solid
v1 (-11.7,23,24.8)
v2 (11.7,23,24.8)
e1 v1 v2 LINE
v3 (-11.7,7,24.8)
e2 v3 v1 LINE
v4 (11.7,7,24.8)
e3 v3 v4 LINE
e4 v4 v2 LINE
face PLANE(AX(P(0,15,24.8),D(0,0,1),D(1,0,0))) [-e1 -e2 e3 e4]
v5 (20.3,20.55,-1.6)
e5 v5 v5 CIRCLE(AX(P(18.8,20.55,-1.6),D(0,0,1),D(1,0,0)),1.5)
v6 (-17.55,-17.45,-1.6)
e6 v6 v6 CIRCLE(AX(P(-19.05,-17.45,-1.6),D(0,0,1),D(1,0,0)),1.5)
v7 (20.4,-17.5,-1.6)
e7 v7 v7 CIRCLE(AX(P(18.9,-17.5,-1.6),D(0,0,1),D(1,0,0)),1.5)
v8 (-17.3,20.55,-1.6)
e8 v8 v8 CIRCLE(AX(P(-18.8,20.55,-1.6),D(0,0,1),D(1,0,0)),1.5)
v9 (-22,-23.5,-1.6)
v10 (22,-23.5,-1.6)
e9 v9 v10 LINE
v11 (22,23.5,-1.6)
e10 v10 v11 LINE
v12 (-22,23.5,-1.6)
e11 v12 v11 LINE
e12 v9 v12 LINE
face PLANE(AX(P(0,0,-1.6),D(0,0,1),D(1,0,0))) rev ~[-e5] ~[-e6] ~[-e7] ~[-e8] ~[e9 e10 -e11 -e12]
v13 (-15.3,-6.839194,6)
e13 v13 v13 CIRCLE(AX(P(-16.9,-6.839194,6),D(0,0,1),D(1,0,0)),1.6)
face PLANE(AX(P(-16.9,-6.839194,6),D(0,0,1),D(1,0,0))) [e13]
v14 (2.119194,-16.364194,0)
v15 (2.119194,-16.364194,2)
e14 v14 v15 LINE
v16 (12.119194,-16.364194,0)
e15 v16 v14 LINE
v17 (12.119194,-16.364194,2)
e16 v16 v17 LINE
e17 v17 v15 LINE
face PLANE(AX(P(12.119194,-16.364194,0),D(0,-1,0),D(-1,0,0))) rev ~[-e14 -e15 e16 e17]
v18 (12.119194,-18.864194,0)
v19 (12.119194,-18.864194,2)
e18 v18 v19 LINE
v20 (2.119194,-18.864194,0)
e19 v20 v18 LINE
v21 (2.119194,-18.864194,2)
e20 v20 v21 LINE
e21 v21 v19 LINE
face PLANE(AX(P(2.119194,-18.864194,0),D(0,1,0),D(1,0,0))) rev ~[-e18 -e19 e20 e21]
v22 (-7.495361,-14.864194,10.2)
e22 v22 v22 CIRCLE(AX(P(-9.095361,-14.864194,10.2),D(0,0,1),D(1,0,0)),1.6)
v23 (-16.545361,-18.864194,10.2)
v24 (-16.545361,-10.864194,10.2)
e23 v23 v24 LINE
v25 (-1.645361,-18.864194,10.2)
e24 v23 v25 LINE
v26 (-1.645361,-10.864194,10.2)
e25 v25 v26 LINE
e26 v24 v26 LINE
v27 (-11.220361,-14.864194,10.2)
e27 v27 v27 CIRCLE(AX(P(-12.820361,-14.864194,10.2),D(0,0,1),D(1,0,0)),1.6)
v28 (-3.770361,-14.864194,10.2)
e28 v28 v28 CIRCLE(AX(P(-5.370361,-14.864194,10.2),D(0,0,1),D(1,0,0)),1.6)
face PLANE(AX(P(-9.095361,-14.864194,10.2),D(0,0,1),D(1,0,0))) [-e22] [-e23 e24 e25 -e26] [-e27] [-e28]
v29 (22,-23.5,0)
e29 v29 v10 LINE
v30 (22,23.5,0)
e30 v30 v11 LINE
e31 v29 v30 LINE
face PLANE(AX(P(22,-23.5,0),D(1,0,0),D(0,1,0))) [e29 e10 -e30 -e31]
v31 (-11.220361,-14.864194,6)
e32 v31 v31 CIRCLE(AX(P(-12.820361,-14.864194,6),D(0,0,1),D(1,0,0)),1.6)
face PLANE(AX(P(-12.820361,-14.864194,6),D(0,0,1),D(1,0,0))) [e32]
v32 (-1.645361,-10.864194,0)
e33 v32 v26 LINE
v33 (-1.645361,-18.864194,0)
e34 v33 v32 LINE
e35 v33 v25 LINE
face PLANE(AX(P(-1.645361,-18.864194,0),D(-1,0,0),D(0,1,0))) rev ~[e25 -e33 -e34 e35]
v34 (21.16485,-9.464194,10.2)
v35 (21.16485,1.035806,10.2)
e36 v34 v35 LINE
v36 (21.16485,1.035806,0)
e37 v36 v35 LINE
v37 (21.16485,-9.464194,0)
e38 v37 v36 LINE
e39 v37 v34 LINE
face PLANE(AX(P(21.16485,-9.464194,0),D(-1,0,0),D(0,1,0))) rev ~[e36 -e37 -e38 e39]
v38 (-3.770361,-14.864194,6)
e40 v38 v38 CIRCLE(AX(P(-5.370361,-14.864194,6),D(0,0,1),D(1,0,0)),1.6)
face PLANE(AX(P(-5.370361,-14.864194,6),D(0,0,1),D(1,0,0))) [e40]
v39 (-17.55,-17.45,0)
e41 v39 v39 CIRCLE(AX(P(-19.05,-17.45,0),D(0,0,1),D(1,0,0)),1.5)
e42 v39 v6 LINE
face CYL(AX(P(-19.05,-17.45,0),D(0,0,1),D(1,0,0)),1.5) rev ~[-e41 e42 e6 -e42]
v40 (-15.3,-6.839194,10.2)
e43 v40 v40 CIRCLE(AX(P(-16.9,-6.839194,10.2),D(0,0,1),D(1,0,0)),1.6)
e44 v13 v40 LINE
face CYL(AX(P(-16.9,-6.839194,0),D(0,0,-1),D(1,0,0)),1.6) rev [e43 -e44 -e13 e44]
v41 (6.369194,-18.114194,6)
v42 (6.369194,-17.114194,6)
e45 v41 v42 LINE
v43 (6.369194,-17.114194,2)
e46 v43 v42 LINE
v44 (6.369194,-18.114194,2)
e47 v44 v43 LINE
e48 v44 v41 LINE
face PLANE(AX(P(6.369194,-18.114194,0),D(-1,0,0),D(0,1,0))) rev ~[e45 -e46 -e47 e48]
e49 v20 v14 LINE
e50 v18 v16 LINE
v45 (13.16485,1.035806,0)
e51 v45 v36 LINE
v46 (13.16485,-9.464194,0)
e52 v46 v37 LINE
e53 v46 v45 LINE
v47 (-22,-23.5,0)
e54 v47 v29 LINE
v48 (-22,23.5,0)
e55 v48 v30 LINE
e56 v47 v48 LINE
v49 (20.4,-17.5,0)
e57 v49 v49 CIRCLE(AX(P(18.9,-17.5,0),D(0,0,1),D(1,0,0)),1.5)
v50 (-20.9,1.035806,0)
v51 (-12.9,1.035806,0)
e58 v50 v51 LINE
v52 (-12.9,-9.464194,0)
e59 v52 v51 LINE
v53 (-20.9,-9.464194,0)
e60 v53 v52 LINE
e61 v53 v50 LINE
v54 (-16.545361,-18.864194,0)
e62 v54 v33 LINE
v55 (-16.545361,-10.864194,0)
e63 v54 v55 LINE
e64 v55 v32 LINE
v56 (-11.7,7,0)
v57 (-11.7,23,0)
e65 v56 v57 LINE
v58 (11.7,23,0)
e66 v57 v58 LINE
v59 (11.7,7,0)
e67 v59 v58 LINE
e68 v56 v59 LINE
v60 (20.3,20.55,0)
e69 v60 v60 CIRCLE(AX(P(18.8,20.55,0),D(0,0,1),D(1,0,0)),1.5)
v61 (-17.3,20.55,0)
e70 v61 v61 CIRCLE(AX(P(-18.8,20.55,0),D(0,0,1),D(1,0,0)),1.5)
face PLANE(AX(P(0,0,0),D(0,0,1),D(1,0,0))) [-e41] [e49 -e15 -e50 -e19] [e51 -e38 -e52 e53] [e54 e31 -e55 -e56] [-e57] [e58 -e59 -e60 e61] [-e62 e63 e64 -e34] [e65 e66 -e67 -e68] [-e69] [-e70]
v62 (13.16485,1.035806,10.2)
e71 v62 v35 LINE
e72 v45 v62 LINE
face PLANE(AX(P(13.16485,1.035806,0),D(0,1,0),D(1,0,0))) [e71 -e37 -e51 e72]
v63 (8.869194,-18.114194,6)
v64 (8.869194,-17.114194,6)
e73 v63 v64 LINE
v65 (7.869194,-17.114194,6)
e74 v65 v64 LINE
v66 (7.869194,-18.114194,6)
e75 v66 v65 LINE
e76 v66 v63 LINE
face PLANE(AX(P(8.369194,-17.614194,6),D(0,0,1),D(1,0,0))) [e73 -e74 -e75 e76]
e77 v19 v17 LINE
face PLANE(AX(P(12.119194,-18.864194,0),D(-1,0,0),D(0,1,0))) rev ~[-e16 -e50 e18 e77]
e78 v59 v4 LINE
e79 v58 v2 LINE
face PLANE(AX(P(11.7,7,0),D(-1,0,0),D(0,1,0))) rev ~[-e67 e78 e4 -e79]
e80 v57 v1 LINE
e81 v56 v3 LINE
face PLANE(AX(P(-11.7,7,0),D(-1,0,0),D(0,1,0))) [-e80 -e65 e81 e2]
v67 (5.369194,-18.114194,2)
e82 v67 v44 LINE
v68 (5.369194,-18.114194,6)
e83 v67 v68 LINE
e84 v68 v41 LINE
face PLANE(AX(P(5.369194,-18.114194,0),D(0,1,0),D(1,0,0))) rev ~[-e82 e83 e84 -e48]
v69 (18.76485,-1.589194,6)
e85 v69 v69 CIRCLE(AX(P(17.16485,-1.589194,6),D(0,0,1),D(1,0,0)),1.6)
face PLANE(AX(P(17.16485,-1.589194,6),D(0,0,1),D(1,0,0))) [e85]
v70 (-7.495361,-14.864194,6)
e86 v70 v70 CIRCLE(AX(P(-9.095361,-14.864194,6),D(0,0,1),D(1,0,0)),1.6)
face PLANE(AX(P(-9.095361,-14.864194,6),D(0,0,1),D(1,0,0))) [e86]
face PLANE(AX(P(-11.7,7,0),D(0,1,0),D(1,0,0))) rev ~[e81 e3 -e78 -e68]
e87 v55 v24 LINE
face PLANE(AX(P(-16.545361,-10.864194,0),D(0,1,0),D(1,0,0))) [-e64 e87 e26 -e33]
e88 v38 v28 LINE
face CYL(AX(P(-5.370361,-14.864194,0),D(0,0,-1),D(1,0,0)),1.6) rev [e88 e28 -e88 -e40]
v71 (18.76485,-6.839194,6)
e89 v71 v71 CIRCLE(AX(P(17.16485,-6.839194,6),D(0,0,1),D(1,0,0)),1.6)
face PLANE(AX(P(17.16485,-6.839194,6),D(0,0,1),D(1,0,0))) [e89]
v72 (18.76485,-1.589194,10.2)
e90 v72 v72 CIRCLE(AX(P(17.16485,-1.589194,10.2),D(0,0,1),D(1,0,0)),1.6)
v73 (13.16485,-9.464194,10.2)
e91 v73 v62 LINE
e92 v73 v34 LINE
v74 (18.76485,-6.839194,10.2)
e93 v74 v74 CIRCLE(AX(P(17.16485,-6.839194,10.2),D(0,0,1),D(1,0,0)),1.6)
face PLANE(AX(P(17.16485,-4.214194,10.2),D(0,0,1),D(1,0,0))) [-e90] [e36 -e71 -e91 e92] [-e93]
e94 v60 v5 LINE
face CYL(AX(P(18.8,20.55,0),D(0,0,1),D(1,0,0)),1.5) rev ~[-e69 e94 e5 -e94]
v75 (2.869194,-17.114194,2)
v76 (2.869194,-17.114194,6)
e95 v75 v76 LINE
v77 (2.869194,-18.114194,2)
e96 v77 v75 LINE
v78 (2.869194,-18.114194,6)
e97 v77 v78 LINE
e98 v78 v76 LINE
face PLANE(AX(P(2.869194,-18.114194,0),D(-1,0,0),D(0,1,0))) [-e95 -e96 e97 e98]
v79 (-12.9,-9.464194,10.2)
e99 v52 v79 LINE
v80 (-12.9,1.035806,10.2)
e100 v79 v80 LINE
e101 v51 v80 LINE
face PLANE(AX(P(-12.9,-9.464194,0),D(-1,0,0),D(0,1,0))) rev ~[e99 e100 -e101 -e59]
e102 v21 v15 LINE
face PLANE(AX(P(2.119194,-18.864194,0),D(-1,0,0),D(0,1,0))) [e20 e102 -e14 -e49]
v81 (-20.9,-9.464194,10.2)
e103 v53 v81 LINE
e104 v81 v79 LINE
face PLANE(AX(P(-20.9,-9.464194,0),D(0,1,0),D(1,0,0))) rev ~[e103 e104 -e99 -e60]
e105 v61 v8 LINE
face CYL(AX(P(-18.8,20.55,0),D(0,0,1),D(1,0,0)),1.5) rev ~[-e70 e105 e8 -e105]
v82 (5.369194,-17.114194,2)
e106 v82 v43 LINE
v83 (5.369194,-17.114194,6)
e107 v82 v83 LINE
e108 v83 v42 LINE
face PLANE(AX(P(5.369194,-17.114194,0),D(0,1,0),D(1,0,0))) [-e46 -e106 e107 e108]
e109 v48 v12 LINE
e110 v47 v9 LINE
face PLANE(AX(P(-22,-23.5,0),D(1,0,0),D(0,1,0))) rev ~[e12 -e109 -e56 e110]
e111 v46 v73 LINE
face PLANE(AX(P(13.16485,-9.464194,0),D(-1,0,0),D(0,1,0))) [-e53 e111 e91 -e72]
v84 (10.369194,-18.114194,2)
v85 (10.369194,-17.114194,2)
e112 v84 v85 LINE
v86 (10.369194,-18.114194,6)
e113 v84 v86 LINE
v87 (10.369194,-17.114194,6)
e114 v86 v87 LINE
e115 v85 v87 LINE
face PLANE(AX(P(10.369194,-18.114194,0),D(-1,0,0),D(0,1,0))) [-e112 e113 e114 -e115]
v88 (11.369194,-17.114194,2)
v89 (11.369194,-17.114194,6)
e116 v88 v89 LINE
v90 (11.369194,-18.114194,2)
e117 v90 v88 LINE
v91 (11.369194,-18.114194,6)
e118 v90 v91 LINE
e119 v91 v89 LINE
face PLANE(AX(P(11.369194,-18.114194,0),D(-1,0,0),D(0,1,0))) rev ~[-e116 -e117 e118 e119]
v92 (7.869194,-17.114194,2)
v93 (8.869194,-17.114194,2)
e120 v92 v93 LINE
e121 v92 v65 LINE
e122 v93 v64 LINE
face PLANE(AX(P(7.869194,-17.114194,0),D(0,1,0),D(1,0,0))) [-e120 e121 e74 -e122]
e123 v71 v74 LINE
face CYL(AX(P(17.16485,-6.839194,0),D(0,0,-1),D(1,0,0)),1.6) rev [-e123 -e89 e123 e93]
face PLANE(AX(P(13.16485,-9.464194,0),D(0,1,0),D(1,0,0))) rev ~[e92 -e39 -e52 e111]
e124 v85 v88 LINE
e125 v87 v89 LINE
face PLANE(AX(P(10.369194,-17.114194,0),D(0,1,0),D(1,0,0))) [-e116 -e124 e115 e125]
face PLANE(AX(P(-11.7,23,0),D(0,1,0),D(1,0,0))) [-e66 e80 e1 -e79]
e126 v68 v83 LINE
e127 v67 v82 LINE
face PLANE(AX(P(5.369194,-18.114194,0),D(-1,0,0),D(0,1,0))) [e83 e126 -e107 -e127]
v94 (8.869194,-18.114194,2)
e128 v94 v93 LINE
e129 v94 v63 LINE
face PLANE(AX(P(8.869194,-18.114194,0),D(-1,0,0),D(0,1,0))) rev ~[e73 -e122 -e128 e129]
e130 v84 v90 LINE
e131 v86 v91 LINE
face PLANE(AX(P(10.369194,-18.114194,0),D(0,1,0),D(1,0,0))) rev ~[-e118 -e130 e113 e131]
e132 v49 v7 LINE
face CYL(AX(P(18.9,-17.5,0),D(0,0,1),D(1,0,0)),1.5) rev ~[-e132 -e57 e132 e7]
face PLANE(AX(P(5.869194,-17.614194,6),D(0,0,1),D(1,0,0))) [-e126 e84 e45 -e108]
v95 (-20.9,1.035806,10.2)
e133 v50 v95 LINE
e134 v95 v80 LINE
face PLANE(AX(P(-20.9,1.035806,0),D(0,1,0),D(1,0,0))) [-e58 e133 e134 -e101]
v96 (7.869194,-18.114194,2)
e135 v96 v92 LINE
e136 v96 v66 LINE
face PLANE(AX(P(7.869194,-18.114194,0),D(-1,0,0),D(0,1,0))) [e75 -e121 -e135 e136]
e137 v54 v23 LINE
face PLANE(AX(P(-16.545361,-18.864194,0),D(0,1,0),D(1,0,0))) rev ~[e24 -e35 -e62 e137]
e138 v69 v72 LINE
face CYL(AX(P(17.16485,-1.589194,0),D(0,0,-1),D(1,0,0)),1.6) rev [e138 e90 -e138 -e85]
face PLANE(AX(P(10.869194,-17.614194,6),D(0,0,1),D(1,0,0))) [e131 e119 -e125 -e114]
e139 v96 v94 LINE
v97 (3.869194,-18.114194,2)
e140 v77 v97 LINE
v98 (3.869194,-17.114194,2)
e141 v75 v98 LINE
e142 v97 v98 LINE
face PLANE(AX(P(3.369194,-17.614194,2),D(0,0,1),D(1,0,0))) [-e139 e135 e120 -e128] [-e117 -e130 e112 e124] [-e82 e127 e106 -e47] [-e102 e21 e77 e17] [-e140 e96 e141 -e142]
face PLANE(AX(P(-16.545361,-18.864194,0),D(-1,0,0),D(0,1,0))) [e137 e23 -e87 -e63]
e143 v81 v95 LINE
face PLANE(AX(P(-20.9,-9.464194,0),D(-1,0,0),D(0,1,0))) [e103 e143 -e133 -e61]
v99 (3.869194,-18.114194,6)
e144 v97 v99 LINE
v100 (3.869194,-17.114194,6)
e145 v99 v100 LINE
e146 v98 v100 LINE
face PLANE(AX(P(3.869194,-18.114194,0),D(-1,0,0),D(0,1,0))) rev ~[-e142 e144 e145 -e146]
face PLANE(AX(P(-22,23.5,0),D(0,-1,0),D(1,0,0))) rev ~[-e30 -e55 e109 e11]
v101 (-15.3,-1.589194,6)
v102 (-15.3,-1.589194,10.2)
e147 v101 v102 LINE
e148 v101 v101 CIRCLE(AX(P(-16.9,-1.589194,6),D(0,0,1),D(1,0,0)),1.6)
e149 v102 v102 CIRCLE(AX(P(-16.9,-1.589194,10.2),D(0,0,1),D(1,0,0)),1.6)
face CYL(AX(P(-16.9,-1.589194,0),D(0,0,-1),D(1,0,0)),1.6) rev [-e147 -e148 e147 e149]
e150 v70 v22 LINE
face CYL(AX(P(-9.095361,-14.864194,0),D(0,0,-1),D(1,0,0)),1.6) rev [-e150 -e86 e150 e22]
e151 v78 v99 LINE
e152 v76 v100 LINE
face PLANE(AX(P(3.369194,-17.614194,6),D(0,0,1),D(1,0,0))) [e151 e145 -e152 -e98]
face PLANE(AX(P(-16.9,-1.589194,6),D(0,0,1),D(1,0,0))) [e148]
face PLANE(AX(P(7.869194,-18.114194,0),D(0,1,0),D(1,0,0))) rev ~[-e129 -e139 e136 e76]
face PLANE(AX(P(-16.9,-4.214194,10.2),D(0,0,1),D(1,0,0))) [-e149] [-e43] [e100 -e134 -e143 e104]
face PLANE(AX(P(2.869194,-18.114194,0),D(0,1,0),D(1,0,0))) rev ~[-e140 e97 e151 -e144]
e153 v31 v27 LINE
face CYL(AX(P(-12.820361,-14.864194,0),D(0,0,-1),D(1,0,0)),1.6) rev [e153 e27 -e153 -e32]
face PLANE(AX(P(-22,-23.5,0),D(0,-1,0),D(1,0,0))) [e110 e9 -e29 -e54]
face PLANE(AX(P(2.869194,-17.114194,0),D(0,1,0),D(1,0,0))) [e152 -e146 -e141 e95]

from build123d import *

# Parameters (mm, degrees)
F0_W     = 44
F0_H     = 47
F0_R     = 1.5
F0_W_2   = 14.9
F0_H_2   = 8
F0_W_3   = 8
F0_H_3   = 10.5
F0_W_4   = 23.4
F0_H_4   = 16
F0_R_2   = 1.6
F0_W_5   = 2.5
F0_H_5   = 2.5
F0_W_6   = 1
F0_H_6   = 1
F1_DEPTH = 1.6
F2_DEPTH = 24.8
F3_DEPTH = 10.2
F4_DEPTH = 6
F5_DEPTH = 2
F6_DEPTH = 6


with BuildPart() as f1:
    # F0 (on Top) → F1 (new body)
    with BuildSketch(Plane.XY):
        Rectangle(F0_W, F0_H)
        with Locations((-19.05, -17.45)):
            Circle(F0_R, mode=Mode.SUBTRACT)
        with Locations((-9.0953609079, -14.8641939312)):
            Rectangle(F0_W_2, F0_H_2, mode=Mode.SUBTRACT)
        with Locations((-16.8999998868, -4.2141940668)):
            Rectangle(F0_W_3, F0_H_3, mode=Mode.SUBTRACT)
        Polygon((4.6191942506, -18.8641939312), (2.1191942506, -18.8641939312), (2.1191942506, -16.3641939312), (4.6191942506, -16.3641939312), (7.1191942506, -16.3641939312), (9.6191942506, -16.3641939312), (12.1191942506, -16.3641939312), (12.1191942506, -18.8641939312), (9.6191942506, -18.8641939312), (7.1191942506, -18.8641939312), align=None, mode=Mode.SUBTRACT)
        with Locations((18.9, -17.5)):
            Circle(F0_R, mode=Mode.SUBTRACT)
        with Locations((17.1648499519, -4.2141940668)):
            Rectangle(F0_W_3, F0_H_3, mode=Mode.SUBTRACT)
        with Locations((-18.8, 20.55)):
            Circle(F0_R, mode=Mode.SUBTRACT)
        with Locations((0, 15)):
            Rectangle(F0_W_4, F0_H_4, mode=Mode.SUBTRACT)
        with Locations((18.8, 20.55)):
            Circle(F0_R, mode=Mode.SUBTRACT)
        with Locations((0, 15)):
            Rectangle(F0_W_4, F0_H_4)
        with Locations((-9.0953609079, -14.8641939312)):
            Rectangle(F0_W_2, F0_H_2)
        with Locations((-12.8203609079, -14.8641939312)):
            Circle(F0_R_2, mode=Mode.SUBTRACT)
        with Locations((-9.0953609079, -14.8641939312)):
            Circle(F0_R_2, mode=Mode.SUBTRACT)
        with Locations((-5.3703609079, -14.8641939312)):
            Circle(F0_R_2, mode=Mode.SUBTRACT)
        with Locations((17.1648499519, -4.2141940668)):
            Rectangle(F0_W_3, F0_H_3)
        with Locations((17.1648499519, -6.8391940668)):
            Circle(F0_R_2, mode=Mode.SUBTRACT)
        with Locations((17.1648499519, -1.5891940668)):
            Circle(F0_R_2, mode=Mode.SUBTRACT)
        with Locations((-16.8999998868, -4.2141940668)):
            Rectangle(F0_W_3, F0_H_3)
        with Locations((-16.8999998868, -6.8391940668)):
            Circle(F0_R_2, mode=Mode.SUBTRACT)
        with Locations((-16.8999998868, -1.5891940668)):
            Circle(F0_R_2, mode=Mode.SUBTRACT)
        with Locations((-16.8999998868, -1.5891940668)):
            Circle(F0_R_2)
        with Locations((-16.8999998868, -6.8391940668)):
            Circle(F0_R_2)
        with Locations((-12.8203609079, -14.8641939312)):
            Circle(F0_R_2)
        with Locations((-9.0953609079, -14.8641939312)):
            Circle(F0_R_2)
        with Locations((-5.3703609079, -14.8641939312)):
            Circle(F0_R_2)
        with Locations((17.1648499519, -6.8391940668)):
            Circle(F0_R_2)
        with Locations((17.1648499519, -1.5891940668)):
            Circle(F0_R_2)
        with Locations((3.3691942506, -17.6141939312)):
            Rectangle(F0_W_5, F0_H_5)
        with Locations((3.3691942506, -17.6141939312)):
            Rectangle(F0_W_6, F0_H_6, mode=Mode.SUBTRACT)
        with Locations((5.8691942506, -17.6141939312)):
            Rectangle(F0_W_5, F0_H_5)
        with Locations((5.8691942506, -17.6141939312)):
            Rectangle(F0_W_6, F0_H_6, mode=Mode.SUBTRACT)
        with Locations((8.3691942506, -17.6141939312)):
            Rectangle(F0_W_5, F0_H_5)
        with Locations((8.3691942506, -17.6141939312)):
            Rectangle(F0_W_6, F0_H_6, mode=Mode.SUBTRACT)
        with Locations((10.8691942506, -17.6141939312)):
            Rectangle(F0_W_5, F0_H_5)
        with Locations((10.8691942506, -17.6141939312)):
            Rectangle(F0_W_6, F0_H_6, mode=Mode.SUBTRACT)
        with Locations((3.3691942506, -17.6141939312)):
            Rectangle(F0_W_6, F0_H_6)
        with Locations((5.8691942506, -17.6141939312)):
            Rectangle(F0_W_6, F0_H_6)
        with Locations((10.8691942506, -17.6141939312)):
            Rectangle(F0_W_6, F0_H_6)
        with Locations((8.3691942506, -17.6141939312)):
            Rectangle(F0_W_6, F0_H_6)
    extrude(amount=-F1_DEPTH)

    # F0 (on Top) → F2 (join)
    with BuildSketch(Plane.XY):
        with Locations((0, 15)):
            Rectangle(F0_W_4, F0_H_4)
    extrude(amount=F2_DEPTH)

    # F0 (on Top) → F3 (join)
    with BuildSketch(Plane.XY):
        with Locations((-16.8999998868, -4.2141940668)):
            Rectangle(F0_W_3, F0_H_3)
        with Locations((-16.8999998868, -6.8391940668)):
            Circle(F0_R_2, mode=Mode.SUBTRACT)
        with Locations((-16.8999998868, -1.5891940668)):
            Circle(F0_R_2, mode=Mode.SUBTRACT)
        with Locations((-9.0953609079, -14.8641939312)):
            Rectangle(F0_W_2, F0_H_2)
        with Locations((-12.8203609079, -14.8641939312)):
            Circle(F0_R_2, mode=Mode.SUBTRACT)
        with Locations((-9.0953609079, -14.8641939312)):
            Circle(F0_R_2, mode=Mode.SUBTRACT)
        with Locations((-5.3703609079, -14.8641939312)):
            Circle(F0_R_2, mode=Mode.SUBTRACT)
        with Locations((17.1648499519, -4.2141940668)):
            Rectangle(F0_W_3, F0_H_3)
        with Locations((17.1648499519, -6.8391940668)):
            Circle(F0_R_2, mode=Mode.SUBTRACT)
        with Locations((17.1648499519, -1.5891940668)):
            Circle(F0_R_2, mode=Mode.SUBTRACT)
    extrude(amount=F3_DEPTH)

    # F0 (on Top) → F4 (join)
    with BuildSketch(Plane.XY):
        with Locations((-16.8999998868, -1.5891940668)):
            Circle(F0_R_2)
        with Locations((-16.8999998868, -6.8391940668)):
            Circle(F0_R_2)
        with Locations((-12.8203609079, -14.8641939312)):
            Circle(F0_R_2)
        with Locations((-9.0953609079, -14.8641939312)):
            Circle(F0_R_2)
        with Locations((-5.3703609079, -14.8641939312)):
            Circle(F0_R_2)
        with Locations((17.1648499519, -6.8391940668)):
            Circle(F0_R_2)
        with Locations((17.1648499519, -1.5891940668)):
            Circle(F0_R_2)
    extrude(amount=F4_DEPTH)

    # F0 (on Top) → F5 (join)
    with BuildSketch(Plane.XY):
        with Locations((3.3691942506, -17.6141939312)):
            Rectangle(F0_W_5, F0_H_5)
        with Locations((3.3691942506, -17.6141939312)):
            Rectangle(F0_W_6, F0_H_6, mode=Mode.SUBTRACT)
        with Locations((5.8691942506, -17.6141939312)):
            Rectangle(F0_W_5, F0_H_5)
        with Locations((5.8691942506, -17.6141939312)):
            Rectangle(F0_W_6, F0_H_6, mode=Mode.SUBTRACT)
        with Locations((8.3691942506, -17.6141939312)):
            Rectangle(F0_W_5, F0_H_5)
        with Locations((8.3691942506, -17.6141939312)):
            Rectangle(F0_W_6, F0_H_6, mode=Mode.SUBTRACT)
        with Locations((10.8691942506, -17.6141939312)):
            Rectangle(F0_W_5, F0_H_5)
        with Locations((10.8691942506, -17.6141939312)):
            Rectangle(F0_W_6, F0_H_6, mode=Mode.SUBTRACT)
    extrude(amount=F5_DEPTH)

    # F0 (on Top) → F6 (join)
    with BuildSketch(Plane.XY):
        with Locations((3.3691942506, -17.6141939312)):
            Rectangle(F0_W_6, F0_H_6)
        with Locations((5.8691942506, -17.6141939312)):
            Rectangle(F0_W_6, F0_H_6)
        with Locations((8.3691942506, -17.6141939312)):
            Rectangle(F0_W_6, F0_H_6)
        with Locations((10.8691942506, -17.6141939312)):
            Rectangle(F0_W_6, F0_H_6)
    extrude(amount=F6_DEPTH)


solid = f1.part
